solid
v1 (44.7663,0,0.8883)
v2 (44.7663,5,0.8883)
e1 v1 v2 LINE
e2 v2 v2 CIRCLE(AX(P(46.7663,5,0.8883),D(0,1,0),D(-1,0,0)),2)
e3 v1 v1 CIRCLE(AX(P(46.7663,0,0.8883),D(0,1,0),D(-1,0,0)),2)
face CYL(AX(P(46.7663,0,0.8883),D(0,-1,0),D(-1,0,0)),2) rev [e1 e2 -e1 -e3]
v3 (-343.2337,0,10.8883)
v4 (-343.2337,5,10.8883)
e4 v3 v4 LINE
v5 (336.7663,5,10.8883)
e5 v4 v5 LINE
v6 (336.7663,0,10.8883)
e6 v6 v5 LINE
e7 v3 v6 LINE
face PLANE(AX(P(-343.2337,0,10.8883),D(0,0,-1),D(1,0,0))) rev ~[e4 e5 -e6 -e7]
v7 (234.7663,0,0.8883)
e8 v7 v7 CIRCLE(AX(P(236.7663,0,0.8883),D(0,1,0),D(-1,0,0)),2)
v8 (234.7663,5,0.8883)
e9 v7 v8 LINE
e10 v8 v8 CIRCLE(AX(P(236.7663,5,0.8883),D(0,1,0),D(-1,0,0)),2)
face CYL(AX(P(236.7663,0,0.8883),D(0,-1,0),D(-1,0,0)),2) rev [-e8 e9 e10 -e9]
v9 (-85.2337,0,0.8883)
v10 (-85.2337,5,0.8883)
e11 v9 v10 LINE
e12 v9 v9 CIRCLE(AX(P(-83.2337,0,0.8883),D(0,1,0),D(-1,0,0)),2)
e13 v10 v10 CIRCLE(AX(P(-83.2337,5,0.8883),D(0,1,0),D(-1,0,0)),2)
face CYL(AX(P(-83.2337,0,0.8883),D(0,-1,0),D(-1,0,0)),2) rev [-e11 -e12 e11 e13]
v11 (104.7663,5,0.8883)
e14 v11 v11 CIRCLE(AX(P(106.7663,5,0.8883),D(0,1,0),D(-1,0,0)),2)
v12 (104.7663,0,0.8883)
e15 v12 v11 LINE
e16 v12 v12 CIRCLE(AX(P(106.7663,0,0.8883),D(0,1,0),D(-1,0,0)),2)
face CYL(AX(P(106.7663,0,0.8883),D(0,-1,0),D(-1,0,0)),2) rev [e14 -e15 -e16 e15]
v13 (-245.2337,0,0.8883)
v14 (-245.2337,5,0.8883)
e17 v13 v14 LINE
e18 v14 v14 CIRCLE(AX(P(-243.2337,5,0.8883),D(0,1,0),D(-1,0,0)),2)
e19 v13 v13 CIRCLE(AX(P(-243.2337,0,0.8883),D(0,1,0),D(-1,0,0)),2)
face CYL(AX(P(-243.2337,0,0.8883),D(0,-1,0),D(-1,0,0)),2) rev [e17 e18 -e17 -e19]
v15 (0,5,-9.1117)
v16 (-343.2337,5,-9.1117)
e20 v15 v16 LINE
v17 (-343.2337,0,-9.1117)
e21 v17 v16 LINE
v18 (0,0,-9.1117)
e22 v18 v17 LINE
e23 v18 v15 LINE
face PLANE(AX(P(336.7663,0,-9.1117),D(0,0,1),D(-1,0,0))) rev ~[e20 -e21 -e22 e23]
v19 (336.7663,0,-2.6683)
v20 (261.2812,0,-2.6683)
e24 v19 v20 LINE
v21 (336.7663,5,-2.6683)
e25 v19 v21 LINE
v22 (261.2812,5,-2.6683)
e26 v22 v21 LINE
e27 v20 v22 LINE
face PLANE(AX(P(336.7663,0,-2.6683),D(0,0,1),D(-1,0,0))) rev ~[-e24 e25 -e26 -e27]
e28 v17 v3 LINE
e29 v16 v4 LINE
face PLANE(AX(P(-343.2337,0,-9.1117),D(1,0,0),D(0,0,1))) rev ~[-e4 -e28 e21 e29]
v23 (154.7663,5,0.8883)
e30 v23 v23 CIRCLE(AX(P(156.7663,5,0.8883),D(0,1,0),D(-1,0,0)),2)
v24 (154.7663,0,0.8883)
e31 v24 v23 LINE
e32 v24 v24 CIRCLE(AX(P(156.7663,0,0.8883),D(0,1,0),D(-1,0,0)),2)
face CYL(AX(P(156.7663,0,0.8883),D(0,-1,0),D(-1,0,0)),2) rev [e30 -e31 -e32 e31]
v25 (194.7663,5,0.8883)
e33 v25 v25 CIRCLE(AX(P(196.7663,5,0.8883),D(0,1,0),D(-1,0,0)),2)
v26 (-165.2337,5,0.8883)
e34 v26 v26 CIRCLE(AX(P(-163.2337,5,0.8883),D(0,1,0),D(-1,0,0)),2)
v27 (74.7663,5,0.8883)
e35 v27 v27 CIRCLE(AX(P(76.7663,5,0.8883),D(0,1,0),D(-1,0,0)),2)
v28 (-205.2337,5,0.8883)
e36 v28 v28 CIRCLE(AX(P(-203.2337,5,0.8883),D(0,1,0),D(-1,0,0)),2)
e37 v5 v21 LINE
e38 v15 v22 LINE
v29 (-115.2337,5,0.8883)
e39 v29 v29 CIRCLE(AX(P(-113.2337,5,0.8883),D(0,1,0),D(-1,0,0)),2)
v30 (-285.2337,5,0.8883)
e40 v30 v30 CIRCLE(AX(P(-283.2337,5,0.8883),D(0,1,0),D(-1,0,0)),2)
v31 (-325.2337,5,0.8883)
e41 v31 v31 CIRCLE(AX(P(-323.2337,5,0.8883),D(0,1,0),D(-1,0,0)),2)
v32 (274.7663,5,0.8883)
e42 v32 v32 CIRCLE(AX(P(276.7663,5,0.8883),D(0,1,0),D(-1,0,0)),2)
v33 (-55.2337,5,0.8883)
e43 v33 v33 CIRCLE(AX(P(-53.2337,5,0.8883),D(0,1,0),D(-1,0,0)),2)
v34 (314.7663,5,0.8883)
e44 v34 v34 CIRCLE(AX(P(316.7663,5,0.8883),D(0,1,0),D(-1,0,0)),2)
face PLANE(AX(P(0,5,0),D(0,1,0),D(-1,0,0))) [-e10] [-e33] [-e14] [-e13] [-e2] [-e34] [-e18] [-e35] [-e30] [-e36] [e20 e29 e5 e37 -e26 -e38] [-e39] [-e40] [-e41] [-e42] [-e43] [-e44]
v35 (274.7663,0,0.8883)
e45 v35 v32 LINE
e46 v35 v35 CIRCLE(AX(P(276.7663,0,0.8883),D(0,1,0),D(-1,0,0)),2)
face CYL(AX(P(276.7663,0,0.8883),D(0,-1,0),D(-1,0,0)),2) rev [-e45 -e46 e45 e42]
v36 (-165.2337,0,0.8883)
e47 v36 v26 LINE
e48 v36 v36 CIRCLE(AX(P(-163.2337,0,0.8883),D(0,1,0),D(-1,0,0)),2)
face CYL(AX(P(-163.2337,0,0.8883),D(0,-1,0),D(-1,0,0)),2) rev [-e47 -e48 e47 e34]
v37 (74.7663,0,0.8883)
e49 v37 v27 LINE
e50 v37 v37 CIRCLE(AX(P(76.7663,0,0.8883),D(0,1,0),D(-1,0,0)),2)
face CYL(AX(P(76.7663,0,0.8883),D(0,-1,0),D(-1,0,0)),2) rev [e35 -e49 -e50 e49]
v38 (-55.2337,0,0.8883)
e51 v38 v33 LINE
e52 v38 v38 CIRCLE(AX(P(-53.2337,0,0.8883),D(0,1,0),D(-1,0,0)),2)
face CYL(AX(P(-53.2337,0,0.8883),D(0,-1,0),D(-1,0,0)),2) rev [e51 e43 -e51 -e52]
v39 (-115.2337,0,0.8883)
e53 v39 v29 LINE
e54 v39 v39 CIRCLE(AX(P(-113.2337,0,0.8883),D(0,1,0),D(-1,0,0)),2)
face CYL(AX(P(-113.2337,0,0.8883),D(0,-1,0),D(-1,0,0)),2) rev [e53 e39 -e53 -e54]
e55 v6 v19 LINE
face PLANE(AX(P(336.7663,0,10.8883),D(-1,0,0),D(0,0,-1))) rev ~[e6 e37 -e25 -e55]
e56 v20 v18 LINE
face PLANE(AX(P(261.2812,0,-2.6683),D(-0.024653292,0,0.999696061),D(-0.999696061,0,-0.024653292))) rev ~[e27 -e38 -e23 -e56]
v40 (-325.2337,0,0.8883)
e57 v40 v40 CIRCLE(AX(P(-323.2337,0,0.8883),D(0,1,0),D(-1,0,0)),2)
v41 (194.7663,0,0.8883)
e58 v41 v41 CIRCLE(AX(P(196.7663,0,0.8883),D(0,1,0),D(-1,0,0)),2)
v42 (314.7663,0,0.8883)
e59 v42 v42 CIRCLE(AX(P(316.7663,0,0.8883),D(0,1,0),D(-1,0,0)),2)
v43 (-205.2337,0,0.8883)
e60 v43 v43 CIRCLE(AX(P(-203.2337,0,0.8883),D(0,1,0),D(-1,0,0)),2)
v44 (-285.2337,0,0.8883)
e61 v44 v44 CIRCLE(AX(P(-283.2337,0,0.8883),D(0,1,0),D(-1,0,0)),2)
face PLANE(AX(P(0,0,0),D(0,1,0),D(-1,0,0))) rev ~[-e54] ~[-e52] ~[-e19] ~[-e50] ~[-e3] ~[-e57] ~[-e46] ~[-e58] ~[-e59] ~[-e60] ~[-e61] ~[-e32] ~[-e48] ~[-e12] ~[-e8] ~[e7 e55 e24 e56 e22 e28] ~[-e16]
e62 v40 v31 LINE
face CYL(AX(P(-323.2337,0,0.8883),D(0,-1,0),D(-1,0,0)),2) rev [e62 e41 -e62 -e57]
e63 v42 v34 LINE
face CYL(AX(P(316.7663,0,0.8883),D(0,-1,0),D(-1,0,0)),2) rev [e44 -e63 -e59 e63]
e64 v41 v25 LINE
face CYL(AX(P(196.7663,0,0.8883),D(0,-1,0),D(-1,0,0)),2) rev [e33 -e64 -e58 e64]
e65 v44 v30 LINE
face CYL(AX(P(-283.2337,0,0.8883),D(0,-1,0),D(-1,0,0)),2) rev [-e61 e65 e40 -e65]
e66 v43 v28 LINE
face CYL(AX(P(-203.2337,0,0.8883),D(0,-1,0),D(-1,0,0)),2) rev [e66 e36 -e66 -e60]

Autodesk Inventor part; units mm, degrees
ref_plane "YZ Plane" through (0, 0, 0) normal (1, 0, 0) x (0, 1, 0)
ref_plane "XZ Plane" through (0, 0, 0) normal (0, 1, 0) x (-1, 0, 0)
ref_plane "XY Plane" through (0, 0, 0) normal (0, 0, 1) x (1, 0, 0)
sketch "Sketch1" plane through (0, 0, 0) normal (0, 1, 0) x (-1, 0, 0)
  line L0 (343.2337, 10.8883) -> (-336.7663, 10.8883)
  circle A0 centre (-316.7663, 0.8883) radius 2
  circle A1 centre (-276.7663, 0.8883) radius 2
  circle A2 centre (-236.7663, 0.8883) radius 2
  circle A3 centre (-196.7663, 0.8883) radius 2
  circle A4 centre (-156.7663, 0.8883) radius 2
  circle A5 centre (-106.7663, 0.8883) radius 2
  circle A6 centre (-76.7663, 0.8883) radius 2
  circle A7 centre (-46.7663, 0.8883) radius 2
  circle A8 centre (53.2337, 0.8883) radius 2
  circle A9 centre (83.2337, 0.8883) radius 2
  circle A10 centre (113.2337, 0.8883) radius 2
  circle A11 centre (163.2337, 0.8883) radius 2
  circle A12 centre (203.2337, 0.8883) radius 2
  circle A13 centre (243.2337, 0.8883) radius 2
  circle A14 centre (283.2337, 0.8883) radius 2
  circle A15 centre (323.2337, 0.8883) radius 2
  line L1 (-336.7663, 10.8883) -> (-336.7663, -9.1117)
  line L2 (-336.7663, -9.1117) -> (343.2337, -9.1117)
  line L3 (343.2337, -9.1117) -> (343.2337, 10.8883)
  line L4 (-336.7663, 10.8883) -> (343.2337, 10.8883)
  line L5 (-336.7663, 0.8883) -> (343.2337, 0.8883) construction
  point P0 (0, 0)
  point P1 (-434.8662, -18.5117)
  point P2 (3.2337, 10.8883)
  dimension "d0" = 680
  dimension "d1" = 340
  dimension "d2" = 20
  dimension "d3" = 680
  dimension "d6" = 10
  dimension "d7" = 10
  dimension "d8" = 10
  dimension "d9" = 0
  dimension "d10" = 10
  dimension "d11" = 10
  dimension "d12" = 10
  dimension "d13" = 10
  dimension "d14" = 10
  dimension "d15" = 10
  dimension "d16" = 10
  dimension "d17" = 10
  dimension "d18" = 10
  dimension "d19" = 10
  dimension "d20" = 10
  dimension "d21" = 10
extrude "Extrusion1" add sketch "Sketch1" along normal blind 5
sketch "Sketch2" plane through (0, 0, 0) normal (0, -1, 0) x (1, 0, 0)
  line L0 (-343.2337, -9.1117) -> (-343.2337, 10.8883) projected
  line L1 (336.7663, -9.1117) -> (-343.2337, -9.1117) projected
  line L2 (336.7663, 10.8883) -> (336.7663, -9.1117) projected
  line L3 (261.2812, -2.6683) -> (0, -9.1117)
  line L4 (336.7663, -9.1117) -> (336.7663, -2.6683)
  line L5 (336.7663, -2.6683) -> (261.2812, -2.6683)
  point P0 (0, 0)
  point P1 (336.7663, -0.8068)
extrude "Extrusion2" cut sketch "Sketch2" against normal through all
properties part number "Verstärkungsstrebe"
